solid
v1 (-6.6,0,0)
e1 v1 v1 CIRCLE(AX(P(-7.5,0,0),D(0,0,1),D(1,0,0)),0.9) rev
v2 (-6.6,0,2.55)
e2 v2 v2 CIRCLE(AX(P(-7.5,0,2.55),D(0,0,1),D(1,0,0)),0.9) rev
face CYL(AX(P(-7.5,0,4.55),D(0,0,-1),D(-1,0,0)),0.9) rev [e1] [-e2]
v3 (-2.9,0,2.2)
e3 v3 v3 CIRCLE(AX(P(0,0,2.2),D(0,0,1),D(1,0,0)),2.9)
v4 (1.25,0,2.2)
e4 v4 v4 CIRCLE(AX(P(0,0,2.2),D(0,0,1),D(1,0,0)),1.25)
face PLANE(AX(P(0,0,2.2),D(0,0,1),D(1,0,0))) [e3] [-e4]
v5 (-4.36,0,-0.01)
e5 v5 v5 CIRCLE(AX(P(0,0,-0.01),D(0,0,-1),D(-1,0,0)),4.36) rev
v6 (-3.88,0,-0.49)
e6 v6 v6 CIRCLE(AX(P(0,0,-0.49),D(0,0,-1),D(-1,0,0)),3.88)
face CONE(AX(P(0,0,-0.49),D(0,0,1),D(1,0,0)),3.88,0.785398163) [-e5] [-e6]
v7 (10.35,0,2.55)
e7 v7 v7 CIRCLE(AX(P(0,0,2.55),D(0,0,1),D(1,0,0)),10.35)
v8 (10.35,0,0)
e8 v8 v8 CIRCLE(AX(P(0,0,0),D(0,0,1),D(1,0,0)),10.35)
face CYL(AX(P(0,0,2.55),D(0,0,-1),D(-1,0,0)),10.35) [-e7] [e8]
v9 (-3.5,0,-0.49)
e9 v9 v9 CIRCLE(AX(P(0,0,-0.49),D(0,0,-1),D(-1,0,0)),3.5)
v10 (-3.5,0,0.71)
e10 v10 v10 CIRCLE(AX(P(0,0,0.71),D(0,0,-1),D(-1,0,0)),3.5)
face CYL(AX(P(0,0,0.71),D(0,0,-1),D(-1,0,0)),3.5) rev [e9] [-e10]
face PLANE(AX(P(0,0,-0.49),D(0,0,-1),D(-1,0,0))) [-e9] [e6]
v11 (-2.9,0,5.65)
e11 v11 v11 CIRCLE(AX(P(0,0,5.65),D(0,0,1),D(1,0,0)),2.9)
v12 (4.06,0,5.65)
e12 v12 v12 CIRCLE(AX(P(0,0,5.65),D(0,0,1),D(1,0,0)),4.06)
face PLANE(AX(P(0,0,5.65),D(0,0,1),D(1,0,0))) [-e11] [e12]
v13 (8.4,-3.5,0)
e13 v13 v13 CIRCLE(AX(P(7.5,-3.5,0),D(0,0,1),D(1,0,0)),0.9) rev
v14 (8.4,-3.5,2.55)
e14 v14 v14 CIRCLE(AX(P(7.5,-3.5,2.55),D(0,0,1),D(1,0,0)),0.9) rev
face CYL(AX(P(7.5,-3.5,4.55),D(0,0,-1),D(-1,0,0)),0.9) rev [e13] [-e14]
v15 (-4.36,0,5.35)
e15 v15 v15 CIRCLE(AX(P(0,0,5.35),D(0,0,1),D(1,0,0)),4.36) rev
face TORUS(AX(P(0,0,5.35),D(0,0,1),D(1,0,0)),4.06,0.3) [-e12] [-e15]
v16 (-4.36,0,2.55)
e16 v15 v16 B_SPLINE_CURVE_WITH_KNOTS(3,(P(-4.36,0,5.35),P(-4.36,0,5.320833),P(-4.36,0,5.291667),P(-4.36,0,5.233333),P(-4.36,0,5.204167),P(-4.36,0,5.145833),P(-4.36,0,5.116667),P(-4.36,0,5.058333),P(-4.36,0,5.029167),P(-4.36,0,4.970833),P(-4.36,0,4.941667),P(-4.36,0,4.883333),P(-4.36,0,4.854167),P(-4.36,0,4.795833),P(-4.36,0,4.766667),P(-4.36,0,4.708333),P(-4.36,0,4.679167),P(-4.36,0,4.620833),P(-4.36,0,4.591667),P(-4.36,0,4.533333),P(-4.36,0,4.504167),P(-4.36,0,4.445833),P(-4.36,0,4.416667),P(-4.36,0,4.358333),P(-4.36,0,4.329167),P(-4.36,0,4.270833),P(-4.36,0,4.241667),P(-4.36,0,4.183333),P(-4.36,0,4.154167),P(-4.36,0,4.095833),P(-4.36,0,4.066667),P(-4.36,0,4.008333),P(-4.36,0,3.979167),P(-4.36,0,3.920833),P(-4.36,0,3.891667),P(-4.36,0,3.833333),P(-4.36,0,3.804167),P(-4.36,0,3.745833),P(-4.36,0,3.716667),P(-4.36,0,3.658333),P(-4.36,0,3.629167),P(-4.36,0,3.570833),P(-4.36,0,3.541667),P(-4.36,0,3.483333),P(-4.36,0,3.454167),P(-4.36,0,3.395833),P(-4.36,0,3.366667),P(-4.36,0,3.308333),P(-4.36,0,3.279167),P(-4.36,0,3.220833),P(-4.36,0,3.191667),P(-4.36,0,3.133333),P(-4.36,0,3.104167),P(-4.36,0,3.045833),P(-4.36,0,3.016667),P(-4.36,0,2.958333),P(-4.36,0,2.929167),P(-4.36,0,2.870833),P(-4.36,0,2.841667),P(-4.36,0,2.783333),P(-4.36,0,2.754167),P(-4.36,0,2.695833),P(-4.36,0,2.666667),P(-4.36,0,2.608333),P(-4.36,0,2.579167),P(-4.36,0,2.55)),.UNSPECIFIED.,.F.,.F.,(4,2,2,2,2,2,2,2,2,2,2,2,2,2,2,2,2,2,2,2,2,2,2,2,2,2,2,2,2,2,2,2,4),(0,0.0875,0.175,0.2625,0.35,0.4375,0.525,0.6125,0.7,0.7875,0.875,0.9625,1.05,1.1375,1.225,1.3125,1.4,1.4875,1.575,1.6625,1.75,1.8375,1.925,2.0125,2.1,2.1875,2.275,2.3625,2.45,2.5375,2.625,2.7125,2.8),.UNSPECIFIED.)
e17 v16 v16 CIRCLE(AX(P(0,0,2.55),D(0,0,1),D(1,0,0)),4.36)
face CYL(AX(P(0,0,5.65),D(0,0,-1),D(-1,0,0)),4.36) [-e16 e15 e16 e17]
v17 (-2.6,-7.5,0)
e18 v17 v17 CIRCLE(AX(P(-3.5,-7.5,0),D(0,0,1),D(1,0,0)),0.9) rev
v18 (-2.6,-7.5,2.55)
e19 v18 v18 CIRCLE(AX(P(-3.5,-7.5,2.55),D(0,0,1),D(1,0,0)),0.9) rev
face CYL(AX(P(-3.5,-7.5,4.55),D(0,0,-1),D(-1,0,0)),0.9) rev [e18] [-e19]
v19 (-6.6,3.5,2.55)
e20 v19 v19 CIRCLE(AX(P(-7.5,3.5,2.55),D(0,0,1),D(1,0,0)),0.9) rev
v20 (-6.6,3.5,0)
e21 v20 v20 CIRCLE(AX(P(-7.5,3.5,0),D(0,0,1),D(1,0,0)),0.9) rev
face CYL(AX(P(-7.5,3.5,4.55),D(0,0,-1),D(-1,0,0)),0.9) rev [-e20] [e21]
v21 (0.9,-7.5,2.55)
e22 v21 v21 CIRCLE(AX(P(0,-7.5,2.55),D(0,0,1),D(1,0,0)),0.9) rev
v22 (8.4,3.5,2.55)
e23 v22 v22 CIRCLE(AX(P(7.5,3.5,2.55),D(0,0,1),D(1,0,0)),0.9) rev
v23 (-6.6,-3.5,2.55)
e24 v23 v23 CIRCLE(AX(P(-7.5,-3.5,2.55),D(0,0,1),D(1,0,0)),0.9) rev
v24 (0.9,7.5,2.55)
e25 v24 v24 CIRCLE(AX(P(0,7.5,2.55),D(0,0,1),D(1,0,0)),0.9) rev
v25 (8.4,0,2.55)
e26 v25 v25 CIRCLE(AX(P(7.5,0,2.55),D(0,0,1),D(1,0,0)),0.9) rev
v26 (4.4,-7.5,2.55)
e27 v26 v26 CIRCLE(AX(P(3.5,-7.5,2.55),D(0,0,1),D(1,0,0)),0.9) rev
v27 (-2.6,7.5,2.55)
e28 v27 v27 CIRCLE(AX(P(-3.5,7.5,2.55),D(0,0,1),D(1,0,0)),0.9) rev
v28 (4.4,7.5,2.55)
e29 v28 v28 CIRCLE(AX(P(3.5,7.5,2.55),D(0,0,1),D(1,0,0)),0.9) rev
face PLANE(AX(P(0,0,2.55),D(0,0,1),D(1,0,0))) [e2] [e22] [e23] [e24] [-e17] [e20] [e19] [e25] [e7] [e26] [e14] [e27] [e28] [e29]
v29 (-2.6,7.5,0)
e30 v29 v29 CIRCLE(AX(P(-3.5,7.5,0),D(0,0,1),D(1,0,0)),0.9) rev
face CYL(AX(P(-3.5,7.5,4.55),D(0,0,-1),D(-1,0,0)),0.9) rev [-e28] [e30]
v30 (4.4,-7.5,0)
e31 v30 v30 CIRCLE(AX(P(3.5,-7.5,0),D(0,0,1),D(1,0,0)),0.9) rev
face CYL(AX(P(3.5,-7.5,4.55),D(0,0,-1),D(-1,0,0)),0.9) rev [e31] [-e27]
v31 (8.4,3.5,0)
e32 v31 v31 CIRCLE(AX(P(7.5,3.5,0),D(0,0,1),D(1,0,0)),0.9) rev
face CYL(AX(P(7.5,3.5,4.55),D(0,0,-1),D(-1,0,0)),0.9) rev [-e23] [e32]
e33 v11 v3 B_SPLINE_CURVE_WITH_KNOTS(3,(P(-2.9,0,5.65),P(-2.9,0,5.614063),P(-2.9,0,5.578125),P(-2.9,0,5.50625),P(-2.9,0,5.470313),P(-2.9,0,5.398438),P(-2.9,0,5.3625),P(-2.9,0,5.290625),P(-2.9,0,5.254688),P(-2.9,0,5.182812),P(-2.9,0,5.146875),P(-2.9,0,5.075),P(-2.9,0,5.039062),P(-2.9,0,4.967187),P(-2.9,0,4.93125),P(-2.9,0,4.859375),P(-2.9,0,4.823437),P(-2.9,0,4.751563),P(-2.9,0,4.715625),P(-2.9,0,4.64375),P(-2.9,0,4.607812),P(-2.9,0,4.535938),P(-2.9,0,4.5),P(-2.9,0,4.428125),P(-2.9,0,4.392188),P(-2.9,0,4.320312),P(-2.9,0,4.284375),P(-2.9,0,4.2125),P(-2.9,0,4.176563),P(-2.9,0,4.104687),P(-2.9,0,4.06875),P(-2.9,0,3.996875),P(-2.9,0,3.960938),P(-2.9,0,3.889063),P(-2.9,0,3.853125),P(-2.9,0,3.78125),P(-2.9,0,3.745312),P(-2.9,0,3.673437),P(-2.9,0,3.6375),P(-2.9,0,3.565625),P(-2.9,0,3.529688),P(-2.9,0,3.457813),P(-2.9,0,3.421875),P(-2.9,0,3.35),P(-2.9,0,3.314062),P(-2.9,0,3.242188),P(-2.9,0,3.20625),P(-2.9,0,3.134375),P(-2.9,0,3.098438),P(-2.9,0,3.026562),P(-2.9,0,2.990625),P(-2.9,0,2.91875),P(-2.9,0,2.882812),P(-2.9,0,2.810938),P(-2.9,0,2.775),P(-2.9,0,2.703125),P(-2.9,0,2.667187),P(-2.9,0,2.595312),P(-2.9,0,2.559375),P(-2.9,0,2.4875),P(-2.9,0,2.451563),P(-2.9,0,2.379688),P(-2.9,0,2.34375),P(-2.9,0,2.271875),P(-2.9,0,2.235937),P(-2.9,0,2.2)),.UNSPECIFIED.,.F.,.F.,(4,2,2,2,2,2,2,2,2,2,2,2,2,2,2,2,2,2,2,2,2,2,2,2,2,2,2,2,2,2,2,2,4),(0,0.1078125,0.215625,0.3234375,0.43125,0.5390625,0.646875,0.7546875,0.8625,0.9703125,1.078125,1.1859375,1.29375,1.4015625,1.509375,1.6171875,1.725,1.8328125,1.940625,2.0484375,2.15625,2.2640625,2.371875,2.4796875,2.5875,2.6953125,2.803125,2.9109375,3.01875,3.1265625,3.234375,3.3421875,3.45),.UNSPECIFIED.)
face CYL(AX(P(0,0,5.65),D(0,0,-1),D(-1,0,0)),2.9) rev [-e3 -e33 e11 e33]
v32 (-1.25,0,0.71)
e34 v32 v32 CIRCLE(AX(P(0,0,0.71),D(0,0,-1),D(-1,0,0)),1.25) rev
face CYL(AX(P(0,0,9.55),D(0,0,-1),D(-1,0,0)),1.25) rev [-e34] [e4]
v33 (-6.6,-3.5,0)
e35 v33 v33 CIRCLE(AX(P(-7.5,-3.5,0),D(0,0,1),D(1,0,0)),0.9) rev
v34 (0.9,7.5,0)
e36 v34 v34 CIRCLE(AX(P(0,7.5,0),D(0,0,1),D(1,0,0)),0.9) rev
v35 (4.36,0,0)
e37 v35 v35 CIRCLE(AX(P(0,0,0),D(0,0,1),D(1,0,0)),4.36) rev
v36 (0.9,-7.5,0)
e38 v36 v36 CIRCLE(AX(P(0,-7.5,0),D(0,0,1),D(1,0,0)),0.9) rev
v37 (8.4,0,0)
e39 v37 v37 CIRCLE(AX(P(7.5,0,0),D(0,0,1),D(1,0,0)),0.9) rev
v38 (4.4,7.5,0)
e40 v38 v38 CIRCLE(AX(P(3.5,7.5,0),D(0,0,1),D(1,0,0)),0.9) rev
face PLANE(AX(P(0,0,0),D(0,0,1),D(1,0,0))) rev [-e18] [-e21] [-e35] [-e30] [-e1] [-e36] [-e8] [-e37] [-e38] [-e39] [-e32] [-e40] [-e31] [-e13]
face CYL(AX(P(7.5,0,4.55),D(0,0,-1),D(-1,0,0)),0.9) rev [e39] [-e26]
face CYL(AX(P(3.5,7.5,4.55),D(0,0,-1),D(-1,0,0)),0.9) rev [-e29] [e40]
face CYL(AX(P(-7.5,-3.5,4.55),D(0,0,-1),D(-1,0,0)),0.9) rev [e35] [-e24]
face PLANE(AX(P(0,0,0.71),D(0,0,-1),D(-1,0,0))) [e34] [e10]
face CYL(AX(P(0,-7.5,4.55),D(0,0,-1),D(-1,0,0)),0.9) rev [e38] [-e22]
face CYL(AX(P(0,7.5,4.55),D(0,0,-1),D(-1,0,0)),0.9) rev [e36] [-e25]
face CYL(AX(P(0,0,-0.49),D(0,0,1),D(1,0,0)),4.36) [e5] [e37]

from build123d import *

# Parameters (mm, degrees)
ESBO_O1_R                  = 10.35
RESSALTO_EXTRUS_O1_DEPTH   = 2.55
ESBO_O2_R                  = 4.36
ESBO_O2_R_2                = 2.9
RESSALTO_EXTRUS_O2_DEPTH   = 3.1
RESSALTO_EXTRUS_O3_START   = 0.49
ESBO_O3_R                  = 4.36
RESSALTO_EXTRUS_O3_DEPTH   = 0.49
CHANFRO1_SIZE              = 0.48
ESBO_O4_R                  = 3.5
CORTE_EXTRUS_O1_DEPTH      = 1.2
CORTE_EXTRUS_O2_DEPTH      = 7
CORTE_EXTRUS_O2_DEPTH_BACK = 7.2
ESBO_O5_R                  = 1.25
FILETE1_R                  = 0.3
CORTE_EXTRUS_O3_DEPTH      = 2
CORTE_EXTRUS_O3_DEPTH_BACK = 4.2
ESBO_O6_R                  = 0.9
CORTE_EXTRUS_O4_START      = -3.45
ESBO_O8_R                  = 2.9
CORTE_EXTRUS_O4_DEPTH      = 3.45


with BuildPart() as part:
    # Esboço1 → Ressalto-extrusão1 (new body)
    with BuildSketch(Plane.XY):
        Circle(ESBO_O1_R)
    extrude(amount=RESSALTO_EXTRUS_O1_DEPTH)

    # Esboço2 → Ressalto-extrusão2 (add)
    with BuildSketch(Plane.XY.offset(2.55)):
        with Locations(Location((0, 0, 0), (0, 0, 180))):
            Circle(ESBO_O2_R)
        with Locations(Location((0, 0, 0), (0, 0, 180))):
            Circle(ESBO_O2_R_2, mode=Mode.SUBTRACT)
    extrude(amount=RESSALTO_EXTRUS_O2_DEPTH)

    # Esboço3 → Ressalto-extrusão3 (add)
    with BuildSketch(Plane(origin=(0, 0, 0), x_dir=(-1, 0, 0), z_dir=(0, 0, -1)).offset(RESSALTO_EXTRUS_O3_START)):
        Circle(ESBO_O3_R)
    extrude(amount=-RESSALTO_EXTRUS_O3_DEPTH)

    # Chanfro1
    chanfro1_edges = [part.edges().sort_by_distance(p)[0] for p in [
        (4.36, 0, -0.49),
    ]]
    chamfer(chanfro1_edges, length=CHANFRO1_SIZE)

    # Esboço4 → Corte-extrusão1 (cut)
    with BuildSketch(Plane(origin=(0, 0, -0.49), x_dir=(-1, 0, 0), z_dir=(0, 0, -1))):
        Circle(ESBO_O4_R)
    extrude(amount=-CORTE_EXTRUS_O1_DEPTH, mode=Mode.SUBTRACT)

    # Esboço5 → Corte-extrusão2 (cut, two sides: drawn at the far end of the back side and taken through both)
    with BuildSketch(Plane.XY.offset(2.55).offset(-CORTE_EXTRUS_O2_DEPTH_BACK)):
        with Locations(Location((0, 0, 0), (0, 0, 180))):
            Circle(ESBO_O5_R)
    extrude(amount=CORTE_EXTRUS_O2_DEPTH + CORTE_EXTRUS_O2_DEPTH_BACK, mode=Mode.SUBTRACT)

    # Filete1
    filete1_edges = [part.edges().sort_by_distance(p)[0] for p in [
        (4.36, 0, 5.65),
    ]]
    fillet(filete1_edges, radius=FILETE1_R)

    # Esboço6 → Corte-extrusão3 (cut, two sides: drawn at the far end of the back side and taken through both)
    with BuildSketch(Plane.XY.offset(2.55).offset(-CORTE_EXTRUS_O3_DEPTH_BACK)):
        with Locations((0, 7.5)):
            Circle(ESBO_O6_R)
        with Locations((-3.5, 7.5)):
            Circle(ESBO_O6_R)
        with Locations((3.5, 7.5)):
            Circle(ESBO_O6_R)
        with Locations((7.5, 0)):
            Circle(ESBO_O6_R)
        with Locations((7.5, 3.5)):
            Circle(ESBO_O6_R)
        with Locations((7.5, -3.5)):
            Circle(ESBO_O6_R)
        with Locations((-7.5, -3.5)):
            Circle(ESBO_O6_R)
        with Locations((-7.5, 3.5)):
            Circle(ESBO_O6_R)
        with Locations((-7.5, 0)):
            Circle(ESBO_O6_R)
        with Locations((3.5, -7.5)):
            Circle(ESBO_O6_R)
        with Locations((-3.5, -7.5)):
            Circle(ESBO_O6_R)
        with Locations((0, -7.5)):
            Circle(ESBO_O6_R)
    extrude(amount=CORTE_EXTRUS_O3_DEPTH + CORTE_EXTRUS_O3_DEPTH_BACK, mode=Mode.SUBTRACT)

    # Esboço8 → Corte-extrusão4 (cut)
    with BuildSketch(Plane.XY.offset(5.65).offset(CORTE_EXTRUS_O4_START)):
        with Locations(Location((0, 0, 0), (0, 0, 180))):
            Circle(ESBO_O8_R)
    extrude(amount=CORTE_EXTRUS_O4_DEPTH, mode=Mode.SUBTRACT)


solid = part.part
